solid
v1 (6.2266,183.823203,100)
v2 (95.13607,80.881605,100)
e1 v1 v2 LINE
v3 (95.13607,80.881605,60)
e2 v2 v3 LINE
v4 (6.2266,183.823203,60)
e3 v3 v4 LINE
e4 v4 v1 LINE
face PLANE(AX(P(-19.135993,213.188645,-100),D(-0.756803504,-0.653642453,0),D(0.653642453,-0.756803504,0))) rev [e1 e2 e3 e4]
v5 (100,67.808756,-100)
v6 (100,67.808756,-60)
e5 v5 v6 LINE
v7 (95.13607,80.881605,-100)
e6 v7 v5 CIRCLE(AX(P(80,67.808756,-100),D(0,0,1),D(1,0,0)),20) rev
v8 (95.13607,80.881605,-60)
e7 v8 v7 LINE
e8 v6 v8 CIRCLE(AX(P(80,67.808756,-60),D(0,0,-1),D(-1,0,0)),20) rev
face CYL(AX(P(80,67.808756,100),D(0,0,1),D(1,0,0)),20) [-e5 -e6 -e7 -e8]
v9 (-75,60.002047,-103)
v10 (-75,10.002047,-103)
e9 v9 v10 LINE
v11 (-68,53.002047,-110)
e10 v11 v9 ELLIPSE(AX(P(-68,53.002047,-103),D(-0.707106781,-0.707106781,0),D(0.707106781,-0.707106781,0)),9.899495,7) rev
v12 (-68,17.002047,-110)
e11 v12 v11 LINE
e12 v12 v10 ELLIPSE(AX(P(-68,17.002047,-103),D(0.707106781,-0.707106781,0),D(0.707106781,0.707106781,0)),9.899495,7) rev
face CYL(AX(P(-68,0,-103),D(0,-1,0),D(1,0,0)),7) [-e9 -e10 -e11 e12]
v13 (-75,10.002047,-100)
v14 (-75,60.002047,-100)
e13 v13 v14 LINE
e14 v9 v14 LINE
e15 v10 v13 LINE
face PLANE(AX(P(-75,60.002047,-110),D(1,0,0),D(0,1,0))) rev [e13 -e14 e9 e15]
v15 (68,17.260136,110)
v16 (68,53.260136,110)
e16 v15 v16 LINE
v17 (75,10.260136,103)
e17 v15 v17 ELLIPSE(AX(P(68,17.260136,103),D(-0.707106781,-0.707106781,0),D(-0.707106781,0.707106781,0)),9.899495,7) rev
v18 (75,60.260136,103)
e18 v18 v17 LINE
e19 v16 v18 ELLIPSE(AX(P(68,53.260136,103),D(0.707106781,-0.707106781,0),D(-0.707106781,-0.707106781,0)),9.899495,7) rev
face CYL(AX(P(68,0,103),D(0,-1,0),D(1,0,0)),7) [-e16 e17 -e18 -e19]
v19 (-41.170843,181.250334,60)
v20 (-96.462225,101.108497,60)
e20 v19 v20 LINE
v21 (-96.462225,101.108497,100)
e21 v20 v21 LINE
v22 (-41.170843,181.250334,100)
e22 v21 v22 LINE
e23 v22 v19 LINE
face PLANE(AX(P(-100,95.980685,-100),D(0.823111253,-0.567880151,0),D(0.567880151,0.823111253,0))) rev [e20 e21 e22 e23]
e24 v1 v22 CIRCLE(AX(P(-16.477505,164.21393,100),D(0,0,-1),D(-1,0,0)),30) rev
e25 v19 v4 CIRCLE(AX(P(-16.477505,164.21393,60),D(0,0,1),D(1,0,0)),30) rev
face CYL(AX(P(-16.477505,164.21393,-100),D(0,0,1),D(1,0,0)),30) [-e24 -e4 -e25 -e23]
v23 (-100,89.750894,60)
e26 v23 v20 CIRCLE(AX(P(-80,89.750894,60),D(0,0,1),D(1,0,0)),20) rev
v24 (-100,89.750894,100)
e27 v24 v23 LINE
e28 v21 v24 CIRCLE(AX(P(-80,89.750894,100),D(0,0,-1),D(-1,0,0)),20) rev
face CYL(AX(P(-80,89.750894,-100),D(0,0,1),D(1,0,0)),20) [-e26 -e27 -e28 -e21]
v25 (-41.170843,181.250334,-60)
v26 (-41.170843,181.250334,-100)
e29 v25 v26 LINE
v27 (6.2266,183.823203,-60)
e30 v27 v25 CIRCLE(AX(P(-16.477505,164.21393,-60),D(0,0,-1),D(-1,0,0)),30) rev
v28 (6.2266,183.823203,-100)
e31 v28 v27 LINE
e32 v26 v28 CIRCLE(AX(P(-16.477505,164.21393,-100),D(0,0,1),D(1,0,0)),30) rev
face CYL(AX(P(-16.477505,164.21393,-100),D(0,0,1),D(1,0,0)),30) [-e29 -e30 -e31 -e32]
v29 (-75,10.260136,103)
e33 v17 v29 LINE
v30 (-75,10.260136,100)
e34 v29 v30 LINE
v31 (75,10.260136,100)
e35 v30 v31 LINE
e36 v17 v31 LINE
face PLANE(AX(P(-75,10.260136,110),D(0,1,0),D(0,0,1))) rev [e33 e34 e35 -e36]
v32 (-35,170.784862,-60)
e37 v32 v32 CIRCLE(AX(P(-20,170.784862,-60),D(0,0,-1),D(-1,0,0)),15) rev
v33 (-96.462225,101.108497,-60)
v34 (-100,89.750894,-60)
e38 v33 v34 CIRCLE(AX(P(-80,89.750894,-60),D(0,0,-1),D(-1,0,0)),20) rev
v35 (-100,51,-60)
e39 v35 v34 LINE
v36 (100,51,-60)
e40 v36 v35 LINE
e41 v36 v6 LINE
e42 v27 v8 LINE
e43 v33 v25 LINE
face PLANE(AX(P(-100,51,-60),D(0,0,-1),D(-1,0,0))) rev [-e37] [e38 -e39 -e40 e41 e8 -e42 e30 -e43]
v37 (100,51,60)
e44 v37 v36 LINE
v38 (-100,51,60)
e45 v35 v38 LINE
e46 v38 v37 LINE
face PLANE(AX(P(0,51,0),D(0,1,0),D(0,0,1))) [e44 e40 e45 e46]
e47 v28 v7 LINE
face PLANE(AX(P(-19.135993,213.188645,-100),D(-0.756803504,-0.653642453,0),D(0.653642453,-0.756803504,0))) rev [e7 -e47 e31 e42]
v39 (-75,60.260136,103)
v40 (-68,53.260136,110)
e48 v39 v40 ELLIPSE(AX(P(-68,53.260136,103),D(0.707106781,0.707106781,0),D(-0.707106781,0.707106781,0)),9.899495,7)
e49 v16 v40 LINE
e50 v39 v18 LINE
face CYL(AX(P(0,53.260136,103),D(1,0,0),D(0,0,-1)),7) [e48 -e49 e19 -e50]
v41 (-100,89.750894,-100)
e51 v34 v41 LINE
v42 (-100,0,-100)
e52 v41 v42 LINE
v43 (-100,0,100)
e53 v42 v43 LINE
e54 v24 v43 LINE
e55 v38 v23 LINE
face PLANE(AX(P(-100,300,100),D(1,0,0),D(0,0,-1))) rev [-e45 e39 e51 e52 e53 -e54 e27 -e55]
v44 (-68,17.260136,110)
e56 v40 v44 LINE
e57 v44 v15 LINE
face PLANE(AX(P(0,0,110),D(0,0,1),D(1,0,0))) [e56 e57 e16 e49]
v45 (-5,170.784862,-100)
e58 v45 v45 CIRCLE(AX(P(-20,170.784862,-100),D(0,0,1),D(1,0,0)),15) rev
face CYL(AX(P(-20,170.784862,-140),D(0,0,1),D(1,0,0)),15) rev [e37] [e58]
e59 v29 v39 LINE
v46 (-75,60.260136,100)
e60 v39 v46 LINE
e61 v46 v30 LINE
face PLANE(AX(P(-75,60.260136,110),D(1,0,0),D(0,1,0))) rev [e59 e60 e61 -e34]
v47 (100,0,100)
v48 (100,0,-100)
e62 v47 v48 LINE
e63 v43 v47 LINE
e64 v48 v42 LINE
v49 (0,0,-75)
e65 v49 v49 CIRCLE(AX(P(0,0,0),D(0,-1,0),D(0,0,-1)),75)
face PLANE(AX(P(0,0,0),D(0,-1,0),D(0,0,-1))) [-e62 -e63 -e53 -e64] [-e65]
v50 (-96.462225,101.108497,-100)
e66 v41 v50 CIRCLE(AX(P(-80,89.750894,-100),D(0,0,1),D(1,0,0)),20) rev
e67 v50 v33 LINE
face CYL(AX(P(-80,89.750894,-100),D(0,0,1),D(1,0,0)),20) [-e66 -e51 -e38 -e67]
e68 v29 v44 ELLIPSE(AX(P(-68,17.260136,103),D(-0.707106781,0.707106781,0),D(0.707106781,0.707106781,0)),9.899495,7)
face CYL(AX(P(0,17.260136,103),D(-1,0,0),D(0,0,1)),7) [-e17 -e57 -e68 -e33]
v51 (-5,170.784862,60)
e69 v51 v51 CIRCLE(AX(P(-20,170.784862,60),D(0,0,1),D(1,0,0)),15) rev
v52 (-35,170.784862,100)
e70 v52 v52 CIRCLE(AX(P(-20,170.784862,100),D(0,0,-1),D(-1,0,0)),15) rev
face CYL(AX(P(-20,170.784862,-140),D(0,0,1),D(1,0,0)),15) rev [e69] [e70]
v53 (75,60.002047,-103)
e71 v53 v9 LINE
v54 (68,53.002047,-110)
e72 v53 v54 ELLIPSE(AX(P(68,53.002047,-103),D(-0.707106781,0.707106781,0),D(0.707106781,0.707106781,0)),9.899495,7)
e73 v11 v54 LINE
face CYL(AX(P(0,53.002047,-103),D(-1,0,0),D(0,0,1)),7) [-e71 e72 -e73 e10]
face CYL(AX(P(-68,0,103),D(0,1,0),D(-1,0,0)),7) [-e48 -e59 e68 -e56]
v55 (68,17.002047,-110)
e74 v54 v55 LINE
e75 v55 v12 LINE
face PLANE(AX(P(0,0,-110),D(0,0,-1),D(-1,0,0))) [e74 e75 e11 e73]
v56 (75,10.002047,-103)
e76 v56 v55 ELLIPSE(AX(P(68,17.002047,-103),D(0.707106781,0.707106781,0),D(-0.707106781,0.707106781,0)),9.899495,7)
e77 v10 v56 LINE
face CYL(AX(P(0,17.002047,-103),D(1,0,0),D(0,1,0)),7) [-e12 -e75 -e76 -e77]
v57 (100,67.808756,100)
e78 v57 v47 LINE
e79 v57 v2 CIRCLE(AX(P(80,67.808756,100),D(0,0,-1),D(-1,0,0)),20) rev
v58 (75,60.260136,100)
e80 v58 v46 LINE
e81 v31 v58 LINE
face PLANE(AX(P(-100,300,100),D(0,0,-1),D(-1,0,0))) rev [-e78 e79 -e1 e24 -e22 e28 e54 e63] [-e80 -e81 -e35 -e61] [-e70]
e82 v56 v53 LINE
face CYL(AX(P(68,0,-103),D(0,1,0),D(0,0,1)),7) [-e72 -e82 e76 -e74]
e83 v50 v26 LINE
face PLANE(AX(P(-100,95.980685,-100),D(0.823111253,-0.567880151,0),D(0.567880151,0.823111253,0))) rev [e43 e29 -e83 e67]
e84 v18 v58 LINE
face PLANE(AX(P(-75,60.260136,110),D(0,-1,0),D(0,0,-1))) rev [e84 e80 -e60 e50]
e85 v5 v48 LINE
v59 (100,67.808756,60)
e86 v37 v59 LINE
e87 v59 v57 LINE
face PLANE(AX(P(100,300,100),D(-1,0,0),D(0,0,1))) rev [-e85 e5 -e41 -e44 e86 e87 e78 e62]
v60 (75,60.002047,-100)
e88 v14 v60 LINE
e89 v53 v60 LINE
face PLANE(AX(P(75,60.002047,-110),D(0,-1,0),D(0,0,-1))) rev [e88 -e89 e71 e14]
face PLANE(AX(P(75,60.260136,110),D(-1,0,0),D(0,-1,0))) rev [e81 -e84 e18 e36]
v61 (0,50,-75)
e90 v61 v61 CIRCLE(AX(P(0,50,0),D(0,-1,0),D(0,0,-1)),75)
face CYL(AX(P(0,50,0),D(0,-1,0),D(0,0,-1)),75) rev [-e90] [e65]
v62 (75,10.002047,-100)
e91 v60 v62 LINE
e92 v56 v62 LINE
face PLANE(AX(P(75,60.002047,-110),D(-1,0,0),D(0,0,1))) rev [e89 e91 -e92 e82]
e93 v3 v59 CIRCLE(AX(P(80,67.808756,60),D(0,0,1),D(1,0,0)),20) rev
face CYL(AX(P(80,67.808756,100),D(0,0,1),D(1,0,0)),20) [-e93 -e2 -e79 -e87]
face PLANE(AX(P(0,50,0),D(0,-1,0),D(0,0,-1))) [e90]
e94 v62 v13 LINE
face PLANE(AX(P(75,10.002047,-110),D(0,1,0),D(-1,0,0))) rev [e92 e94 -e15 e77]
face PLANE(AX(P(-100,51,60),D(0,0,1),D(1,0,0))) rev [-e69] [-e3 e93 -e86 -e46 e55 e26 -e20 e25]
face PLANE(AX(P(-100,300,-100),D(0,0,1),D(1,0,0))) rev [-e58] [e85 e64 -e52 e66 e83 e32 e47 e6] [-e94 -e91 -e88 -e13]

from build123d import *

# Parameters (mm, degrees)
SKETCH1_W               = 200
SKETCH1_H               = 200
BOSS_EXTRUDE1_DEPTH     = 300
SKETCH2_R               = 75
CUT_EXTRUDE1_DEPTH      = 50
CUT_EXTRUDE2_DEPTH      = 201
FILLET1_R               = 30
FILLET2_R               = 20
SKETCH4_W               = 200
SKETCH4_H               = 120
CUT_EXTRUDE3_DEPTH      = 149
SKETCH7_R               = 15
CUT_EXTRUDE4_DEPTH      = 200
CUT_EXTRUDE4_DEPTH_BACK = 149
SKETCH8_W               = 150
SKETCH8_H               = 50
BOSS_EXTRUDE2_DEPTH     = 10
FILLET3_R               = 7
SKETCH9_W               = 150
SKETCH9_H               = 50
BOSS_EXTRUDE3_DEPTH     = 10
FILLET4_R               = 7


with BuildPart() as part:
    # Sketch1 → Boss-Extrude1 (new body)
    with BuildSketch(Plane(origin=(0, 0, 0), x_dir=(1, 0, 0), z_dir=(0, 1, 0))):
        Rectangle(SKETCH1_W, SKETCH1_H)
    extrude(amount=BOSS_EXTRUDE1_DEPTH)

    # Sketch2 → Cut-Extrude1 (cut)
    with BuildSketch(Plane.XZ):
        Circle(SKETCH2_R)
    extrude(amount=-CUT_EXTRUDE1_DEPTH, mode=Mode.SUBTRACT)

    # Sketch3 → Cut-Extrude2 (cut, through all)
    with BuildSketch(Plane.XY.offset(100)):
        Polygon((-100, 95.980685294), (-19.135993401, 213.188644877), (100, 75.250025776), (100, 300), (-100, 300), align=None)
    extrude(amount=-CUT_EXTRUDE2_DEPTH, mode=Mode.SUBTRACT)

    # Fillet1
    fillet1_edges = [part.edges().sort_by_distance(p)[0] for p in [
        (-19.135993401, 213.188644877, 0),
    ]]
    fillet(fillet1_edges, radius=FILLET1_R)

    # Fillet2
    fillet2_edges = [part.edges().sort_by_distance(p)[0] for p in [
        (-100, 95.980685294, 0),
        (100, 75.250025776, 0),
    ]]
    fillet(fillet2_edges, radius=FILLET2_R)

    # Sketch4 → Cut-Extrude3 (cut)
    with BuildSketch(Plane(origin=(0, 200, 0), x_dir=(1, 0, 0), z_dir=(0, 1, 0))):
        Rectangle(SKETCH4_W, SKETCH4_H)
    extrude(amount=-CUT_EXTRUDE3_DEPTH, mode=Mode.SUBTRACT)

    # Sketch7 → Cut-Extrude4 (cut, two sides)
    with BuildSketch(Plane(origin=(0, 0, 60), x_dir=(-1, 0, 0), z_dir=(0, 0, -1))) as cut_extrude4_sk:
        with Locations((20, 170.784862367)):
            Circle(SKETCH7_R)
    extrude(amount=CUT_EXTRUDE4_DEPTH, mode=Mode.SUBTRACT)
    extrude(cut_extrude4_sk.sketch, amount=-CUT_EXTRUDE4_DEPTH_BACK, mode=Mode.SUBTRACT)

    # Sketch8 → Boss-Extrude2 (add)
    with BuildSketch(Plane.XY.offset(100)):
        with Locations((0, 35.260136057)):
            Rectangle(SKETCH8_W, SKETCH8_H)
    extrude(amount=BOSS_EXTRUDE2_DEPTH)

    # Fillet3
    fillet3_edges = [part.edges().sort_by_distance(p)[0] for p in [
        (-75, 35.260136057, 110),
        (0, 10.260136057, 110),
        (75, 35.260136057, 110),
        (0, 60.260136057, 110),
    ]]
    fillet(fillet3_edges, radius=FILLET3_R)

    # Sketch9 → Boss-Extrude3 (add)
    with BuildSketch(Plane(origin=(0, 0, -100), x_dir=(-1, 0, 0), z_dir=(0, 0, -1))):
        with Locations((0, 35.002047413)):
            Rectangle(SKETCH9_W, SKETCH9_H)
    extrude(amount=BOSS_EXTRUDE3_DEPTH)

    # Fillet4
    fillet4_edges = [part.edges().sort_by_distance(p)[0] for p in [
        (75, 35.002047413, -110),
        (0, 10.002047413, -110),
        (-75, 35.002047413, -110),
        (0, 60.002047413, -110),
    ]]
    fillet(fillet4_edges, radius=FILLET4_R)


solid = part.part
